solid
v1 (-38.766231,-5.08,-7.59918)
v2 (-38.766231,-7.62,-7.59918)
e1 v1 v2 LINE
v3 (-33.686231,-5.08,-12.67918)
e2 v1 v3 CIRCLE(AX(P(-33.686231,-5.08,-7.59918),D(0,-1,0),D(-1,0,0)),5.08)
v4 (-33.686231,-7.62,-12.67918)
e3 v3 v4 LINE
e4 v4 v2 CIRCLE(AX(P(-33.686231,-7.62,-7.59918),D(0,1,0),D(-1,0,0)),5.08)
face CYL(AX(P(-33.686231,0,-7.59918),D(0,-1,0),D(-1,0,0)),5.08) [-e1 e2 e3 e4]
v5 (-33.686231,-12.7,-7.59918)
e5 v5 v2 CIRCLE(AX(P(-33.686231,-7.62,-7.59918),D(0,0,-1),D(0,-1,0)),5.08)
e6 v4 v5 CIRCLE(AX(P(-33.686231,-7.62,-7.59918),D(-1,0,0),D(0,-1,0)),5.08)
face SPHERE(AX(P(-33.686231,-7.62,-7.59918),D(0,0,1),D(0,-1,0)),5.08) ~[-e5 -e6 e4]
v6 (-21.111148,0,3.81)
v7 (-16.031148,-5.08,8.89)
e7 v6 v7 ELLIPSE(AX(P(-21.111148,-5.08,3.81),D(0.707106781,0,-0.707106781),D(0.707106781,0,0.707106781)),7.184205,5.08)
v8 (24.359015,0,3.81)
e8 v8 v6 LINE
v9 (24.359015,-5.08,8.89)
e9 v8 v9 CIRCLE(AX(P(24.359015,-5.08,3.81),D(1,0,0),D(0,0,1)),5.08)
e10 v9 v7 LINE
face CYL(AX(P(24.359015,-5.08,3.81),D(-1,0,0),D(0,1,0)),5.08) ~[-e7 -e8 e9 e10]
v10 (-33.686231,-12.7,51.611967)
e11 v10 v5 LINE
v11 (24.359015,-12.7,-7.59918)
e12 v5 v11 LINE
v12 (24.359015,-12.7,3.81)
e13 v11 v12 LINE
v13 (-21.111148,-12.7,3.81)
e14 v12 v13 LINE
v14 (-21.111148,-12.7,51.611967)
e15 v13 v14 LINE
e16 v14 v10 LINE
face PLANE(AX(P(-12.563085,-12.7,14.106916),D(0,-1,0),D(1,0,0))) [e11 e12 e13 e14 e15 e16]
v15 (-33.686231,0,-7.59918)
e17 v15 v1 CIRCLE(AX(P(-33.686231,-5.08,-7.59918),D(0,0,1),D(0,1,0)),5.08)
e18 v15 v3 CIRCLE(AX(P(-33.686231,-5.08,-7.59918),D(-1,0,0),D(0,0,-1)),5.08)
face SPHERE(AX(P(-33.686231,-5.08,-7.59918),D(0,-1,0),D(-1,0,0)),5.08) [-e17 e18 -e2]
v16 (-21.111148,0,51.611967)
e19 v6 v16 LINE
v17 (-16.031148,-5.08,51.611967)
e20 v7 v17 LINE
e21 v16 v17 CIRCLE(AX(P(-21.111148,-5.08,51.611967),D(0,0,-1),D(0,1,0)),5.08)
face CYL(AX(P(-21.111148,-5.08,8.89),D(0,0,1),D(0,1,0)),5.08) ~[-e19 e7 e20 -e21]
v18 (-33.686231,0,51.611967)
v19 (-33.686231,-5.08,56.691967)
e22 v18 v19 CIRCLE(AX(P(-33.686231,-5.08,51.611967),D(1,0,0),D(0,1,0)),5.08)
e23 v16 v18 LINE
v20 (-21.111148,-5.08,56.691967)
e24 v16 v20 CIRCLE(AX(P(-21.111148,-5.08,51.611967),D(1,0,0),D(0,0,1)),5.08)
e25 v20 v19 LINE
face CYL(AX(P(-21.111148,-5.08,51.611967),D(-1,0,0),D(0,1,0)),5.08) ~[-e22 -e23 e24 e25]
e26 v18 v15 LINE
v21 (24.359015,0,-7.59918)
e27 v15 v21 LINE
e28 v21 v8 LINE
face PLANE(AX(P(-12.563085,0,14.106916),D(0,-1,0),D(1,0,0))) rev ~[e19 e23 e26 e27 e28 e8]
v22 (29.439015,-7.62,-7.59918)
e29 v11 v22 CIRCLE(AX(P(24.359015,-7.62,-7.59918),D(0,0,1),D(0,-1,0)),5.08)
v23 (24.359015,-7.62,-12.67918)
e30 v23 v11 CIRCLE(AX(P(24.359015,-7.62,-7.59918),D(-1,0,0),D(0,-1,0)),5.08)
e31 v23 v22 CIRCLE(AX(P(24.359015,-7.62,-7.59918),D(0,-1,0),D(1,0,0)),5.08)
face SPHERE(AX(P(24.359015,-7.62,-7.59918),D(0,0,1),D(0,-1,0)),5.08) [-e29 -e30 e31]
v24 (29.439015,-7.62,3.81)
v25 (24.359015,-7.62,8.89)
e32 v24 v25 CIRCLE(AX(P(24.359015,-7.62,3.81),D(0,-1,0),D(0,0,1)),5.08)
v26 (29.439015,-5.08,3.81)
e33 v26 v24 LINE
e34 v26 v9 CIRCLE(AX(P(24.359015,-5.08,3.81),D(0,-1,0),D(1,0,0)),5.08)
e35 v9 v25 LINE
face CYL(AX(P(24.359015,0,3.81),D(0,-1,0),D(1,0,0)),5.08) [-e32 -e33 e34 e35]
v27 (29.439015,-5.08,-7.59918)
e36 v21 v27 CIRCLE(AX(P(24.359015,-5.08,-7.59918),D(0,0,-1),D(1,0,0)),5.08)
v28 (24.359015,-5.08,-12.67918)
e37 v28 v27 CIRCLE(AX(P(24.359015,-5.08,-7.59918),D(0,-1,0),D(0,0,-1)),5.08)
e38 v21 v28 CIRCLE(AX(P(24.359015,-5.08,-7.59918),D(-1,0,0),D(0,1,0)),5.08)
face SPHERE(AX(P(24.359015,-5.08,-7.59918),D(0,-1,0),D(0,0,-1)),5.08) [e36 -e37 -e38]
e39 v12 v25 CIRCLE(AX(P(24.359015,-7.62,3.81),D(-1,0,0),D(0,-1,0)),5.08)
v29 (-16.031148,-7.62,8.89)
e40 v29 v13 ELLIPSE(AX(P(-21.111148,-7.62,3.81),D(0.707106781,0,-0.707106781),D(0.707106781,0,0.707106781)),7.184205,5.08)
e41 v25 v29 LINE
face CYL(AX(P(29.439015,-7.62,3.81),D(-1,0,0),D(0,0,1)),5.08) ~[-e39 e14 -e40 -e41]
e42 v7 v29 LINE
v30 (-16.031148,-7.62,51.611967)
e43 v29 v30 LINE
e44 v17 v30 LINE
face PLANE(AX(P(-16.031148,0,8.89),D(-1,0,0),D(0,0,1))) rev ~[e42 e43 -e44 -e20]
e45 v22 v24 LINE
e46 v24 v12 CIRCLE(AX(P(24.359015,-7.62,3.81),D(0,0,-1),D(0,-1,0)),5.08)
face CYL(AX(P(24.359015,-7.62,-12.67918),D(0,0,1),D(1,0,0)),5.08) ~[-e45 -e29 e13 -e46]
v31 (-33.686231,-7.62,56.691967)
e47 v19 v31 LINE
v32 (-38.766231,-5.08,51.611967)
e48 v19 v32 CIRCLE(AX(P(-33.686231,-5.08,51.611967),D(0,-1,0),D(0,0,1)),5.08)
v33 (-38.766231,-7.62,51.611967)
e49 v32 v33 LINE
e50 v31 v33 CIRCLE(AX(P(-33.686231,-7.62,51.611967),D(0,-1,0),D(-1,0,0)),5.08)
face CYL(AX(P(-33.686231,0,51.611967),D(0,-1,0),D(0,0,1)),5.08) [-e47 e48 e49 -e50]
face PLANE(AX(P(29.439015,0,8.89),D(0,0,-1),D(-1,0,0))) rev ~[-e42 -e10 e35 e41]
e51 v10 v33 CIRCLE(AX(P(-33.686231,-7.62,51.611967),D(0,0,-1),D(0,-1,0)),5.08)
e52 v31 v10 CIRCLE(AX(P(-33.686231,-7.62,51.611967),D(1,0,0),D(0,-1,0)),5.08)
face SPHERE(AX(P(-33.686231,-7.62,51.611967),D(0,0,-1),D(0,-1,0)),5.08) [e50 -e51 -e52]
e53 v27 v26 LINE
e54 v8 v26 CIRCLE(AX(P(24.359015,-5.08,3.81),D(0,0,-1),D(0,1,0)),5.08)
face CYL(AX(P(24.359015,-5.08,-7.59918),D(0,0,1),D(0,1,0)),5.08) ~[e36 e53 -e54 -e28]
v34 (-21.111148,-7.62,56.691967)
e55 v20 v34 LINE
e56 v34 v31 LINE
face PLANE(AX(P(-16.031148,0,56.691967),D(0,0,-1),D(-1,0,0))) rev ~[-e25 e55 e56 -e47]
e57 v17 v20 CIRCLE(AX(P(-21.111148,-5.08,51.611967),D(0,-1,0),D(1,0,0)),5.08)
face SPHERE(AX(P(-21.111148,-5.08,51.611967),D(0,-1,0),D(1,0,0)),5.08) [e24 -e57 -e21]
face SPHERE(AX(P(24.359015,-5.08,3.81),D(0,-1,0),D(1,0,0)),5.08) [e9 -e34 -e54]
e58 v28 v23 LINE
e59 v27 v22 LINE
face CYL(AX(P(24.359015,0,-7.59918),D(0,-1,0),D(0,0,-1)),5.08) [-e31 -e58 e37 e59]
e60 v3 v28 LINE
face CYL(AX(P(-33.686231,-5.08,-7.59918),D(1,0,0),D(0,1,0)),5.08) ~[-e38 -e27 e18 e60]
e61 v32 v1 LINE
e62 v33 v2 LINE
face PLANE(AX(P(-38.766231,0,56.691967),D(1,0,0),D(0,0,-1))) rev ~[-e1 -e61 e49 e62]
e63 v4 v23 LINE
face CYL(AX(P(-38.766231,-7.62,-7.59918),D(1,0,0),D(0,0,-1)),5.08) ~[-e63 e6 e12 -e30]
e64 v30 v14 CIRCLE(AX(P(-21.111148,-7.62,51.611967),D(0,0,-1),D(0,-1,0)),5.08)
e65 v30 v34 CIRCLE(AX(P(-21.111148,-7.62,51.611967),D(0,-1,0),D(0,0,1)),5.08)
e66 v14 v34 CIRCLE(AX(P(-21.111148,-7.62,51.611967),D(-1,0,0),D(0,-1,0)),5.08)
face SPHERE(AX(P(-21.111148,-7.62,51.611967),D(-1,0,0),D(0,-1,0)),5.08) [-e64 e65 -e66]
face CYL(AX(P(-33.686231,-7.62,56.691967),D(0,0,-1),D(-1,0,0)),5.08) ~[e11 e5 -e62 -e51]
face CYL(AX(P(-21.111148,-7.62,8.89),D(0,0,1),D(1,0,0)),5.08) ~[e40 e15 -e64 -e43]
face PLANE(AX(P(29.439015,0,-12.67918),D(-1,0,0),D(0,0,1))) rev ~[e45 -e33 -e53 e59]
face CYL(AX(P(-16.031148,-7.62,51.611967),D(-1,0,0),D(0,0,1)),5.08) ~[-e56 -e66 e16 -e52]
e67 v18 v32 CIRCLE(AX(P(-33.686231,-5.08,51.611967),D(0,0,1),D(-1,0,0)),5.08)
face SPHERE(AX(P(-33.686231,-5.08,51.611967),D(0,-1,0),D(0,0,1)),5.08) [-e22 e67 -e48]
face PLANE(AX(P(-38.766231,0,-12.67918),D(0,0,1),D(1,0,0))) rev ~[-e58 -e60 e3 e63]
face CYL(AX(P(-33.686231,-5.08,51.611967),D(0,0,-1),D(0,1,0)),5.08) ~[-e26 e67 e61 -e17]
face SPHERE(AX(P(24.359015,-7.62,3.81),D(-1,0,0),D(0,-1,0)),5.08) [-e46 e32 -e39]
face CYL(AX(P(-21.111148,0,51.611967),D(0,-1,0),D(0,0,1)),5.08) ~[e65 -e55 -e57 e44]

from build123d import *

# Parameters (mm, degrees)
F1_DEPTH = 12.7
F2_R     = 5.08
F3_R     = 5.08


with BuildPart() as f1:
    # F0 (on Front) → F1 (new body)
    with BuildSketch(Plane.XZ):
        Polygon((-16.031148, 56.691967), (-38.766231, 56.691967), (-38.766231, -12.67918), (29.439015, -12.67918), (29.439015, 8.89), (-16.031148, 8.89), align=None)
    extrude(amount=F1_DEPTH)

    # F2
    f2_edges = [f1.edges().sort_by_distance(p)[0] for p in [
        (-38.766231, -12.7, 22.006393),
        (-27.39869, -12.7, 56.691967),
        (-16.031148, -12.7, 32.790984),
        (6.703934, -12.7, 8.89),
        (29.439015, -12.7, -1.89459),
        (-4.663608, -12.7, -12.67918),
        (29.439015, -6.35, -12.67918),
        (29.439015, -6.35, 8.89),
        (-16.031148, -6.35, 56.691967),
        (-38.766231, -6.35, 56.691967),
        (-38.766231, -6.35, -12.67918),
    ]]
    fillet(f2_edges, radius=F2_R)

    # F3
    f3_edges = [f1.edges().sort_by_distance(p)[0] for p in [
        (-4.663608, 0, -12.67918),
    ]]
    fillet(f3_edges, radius=F3_R)


solid = f1.part
